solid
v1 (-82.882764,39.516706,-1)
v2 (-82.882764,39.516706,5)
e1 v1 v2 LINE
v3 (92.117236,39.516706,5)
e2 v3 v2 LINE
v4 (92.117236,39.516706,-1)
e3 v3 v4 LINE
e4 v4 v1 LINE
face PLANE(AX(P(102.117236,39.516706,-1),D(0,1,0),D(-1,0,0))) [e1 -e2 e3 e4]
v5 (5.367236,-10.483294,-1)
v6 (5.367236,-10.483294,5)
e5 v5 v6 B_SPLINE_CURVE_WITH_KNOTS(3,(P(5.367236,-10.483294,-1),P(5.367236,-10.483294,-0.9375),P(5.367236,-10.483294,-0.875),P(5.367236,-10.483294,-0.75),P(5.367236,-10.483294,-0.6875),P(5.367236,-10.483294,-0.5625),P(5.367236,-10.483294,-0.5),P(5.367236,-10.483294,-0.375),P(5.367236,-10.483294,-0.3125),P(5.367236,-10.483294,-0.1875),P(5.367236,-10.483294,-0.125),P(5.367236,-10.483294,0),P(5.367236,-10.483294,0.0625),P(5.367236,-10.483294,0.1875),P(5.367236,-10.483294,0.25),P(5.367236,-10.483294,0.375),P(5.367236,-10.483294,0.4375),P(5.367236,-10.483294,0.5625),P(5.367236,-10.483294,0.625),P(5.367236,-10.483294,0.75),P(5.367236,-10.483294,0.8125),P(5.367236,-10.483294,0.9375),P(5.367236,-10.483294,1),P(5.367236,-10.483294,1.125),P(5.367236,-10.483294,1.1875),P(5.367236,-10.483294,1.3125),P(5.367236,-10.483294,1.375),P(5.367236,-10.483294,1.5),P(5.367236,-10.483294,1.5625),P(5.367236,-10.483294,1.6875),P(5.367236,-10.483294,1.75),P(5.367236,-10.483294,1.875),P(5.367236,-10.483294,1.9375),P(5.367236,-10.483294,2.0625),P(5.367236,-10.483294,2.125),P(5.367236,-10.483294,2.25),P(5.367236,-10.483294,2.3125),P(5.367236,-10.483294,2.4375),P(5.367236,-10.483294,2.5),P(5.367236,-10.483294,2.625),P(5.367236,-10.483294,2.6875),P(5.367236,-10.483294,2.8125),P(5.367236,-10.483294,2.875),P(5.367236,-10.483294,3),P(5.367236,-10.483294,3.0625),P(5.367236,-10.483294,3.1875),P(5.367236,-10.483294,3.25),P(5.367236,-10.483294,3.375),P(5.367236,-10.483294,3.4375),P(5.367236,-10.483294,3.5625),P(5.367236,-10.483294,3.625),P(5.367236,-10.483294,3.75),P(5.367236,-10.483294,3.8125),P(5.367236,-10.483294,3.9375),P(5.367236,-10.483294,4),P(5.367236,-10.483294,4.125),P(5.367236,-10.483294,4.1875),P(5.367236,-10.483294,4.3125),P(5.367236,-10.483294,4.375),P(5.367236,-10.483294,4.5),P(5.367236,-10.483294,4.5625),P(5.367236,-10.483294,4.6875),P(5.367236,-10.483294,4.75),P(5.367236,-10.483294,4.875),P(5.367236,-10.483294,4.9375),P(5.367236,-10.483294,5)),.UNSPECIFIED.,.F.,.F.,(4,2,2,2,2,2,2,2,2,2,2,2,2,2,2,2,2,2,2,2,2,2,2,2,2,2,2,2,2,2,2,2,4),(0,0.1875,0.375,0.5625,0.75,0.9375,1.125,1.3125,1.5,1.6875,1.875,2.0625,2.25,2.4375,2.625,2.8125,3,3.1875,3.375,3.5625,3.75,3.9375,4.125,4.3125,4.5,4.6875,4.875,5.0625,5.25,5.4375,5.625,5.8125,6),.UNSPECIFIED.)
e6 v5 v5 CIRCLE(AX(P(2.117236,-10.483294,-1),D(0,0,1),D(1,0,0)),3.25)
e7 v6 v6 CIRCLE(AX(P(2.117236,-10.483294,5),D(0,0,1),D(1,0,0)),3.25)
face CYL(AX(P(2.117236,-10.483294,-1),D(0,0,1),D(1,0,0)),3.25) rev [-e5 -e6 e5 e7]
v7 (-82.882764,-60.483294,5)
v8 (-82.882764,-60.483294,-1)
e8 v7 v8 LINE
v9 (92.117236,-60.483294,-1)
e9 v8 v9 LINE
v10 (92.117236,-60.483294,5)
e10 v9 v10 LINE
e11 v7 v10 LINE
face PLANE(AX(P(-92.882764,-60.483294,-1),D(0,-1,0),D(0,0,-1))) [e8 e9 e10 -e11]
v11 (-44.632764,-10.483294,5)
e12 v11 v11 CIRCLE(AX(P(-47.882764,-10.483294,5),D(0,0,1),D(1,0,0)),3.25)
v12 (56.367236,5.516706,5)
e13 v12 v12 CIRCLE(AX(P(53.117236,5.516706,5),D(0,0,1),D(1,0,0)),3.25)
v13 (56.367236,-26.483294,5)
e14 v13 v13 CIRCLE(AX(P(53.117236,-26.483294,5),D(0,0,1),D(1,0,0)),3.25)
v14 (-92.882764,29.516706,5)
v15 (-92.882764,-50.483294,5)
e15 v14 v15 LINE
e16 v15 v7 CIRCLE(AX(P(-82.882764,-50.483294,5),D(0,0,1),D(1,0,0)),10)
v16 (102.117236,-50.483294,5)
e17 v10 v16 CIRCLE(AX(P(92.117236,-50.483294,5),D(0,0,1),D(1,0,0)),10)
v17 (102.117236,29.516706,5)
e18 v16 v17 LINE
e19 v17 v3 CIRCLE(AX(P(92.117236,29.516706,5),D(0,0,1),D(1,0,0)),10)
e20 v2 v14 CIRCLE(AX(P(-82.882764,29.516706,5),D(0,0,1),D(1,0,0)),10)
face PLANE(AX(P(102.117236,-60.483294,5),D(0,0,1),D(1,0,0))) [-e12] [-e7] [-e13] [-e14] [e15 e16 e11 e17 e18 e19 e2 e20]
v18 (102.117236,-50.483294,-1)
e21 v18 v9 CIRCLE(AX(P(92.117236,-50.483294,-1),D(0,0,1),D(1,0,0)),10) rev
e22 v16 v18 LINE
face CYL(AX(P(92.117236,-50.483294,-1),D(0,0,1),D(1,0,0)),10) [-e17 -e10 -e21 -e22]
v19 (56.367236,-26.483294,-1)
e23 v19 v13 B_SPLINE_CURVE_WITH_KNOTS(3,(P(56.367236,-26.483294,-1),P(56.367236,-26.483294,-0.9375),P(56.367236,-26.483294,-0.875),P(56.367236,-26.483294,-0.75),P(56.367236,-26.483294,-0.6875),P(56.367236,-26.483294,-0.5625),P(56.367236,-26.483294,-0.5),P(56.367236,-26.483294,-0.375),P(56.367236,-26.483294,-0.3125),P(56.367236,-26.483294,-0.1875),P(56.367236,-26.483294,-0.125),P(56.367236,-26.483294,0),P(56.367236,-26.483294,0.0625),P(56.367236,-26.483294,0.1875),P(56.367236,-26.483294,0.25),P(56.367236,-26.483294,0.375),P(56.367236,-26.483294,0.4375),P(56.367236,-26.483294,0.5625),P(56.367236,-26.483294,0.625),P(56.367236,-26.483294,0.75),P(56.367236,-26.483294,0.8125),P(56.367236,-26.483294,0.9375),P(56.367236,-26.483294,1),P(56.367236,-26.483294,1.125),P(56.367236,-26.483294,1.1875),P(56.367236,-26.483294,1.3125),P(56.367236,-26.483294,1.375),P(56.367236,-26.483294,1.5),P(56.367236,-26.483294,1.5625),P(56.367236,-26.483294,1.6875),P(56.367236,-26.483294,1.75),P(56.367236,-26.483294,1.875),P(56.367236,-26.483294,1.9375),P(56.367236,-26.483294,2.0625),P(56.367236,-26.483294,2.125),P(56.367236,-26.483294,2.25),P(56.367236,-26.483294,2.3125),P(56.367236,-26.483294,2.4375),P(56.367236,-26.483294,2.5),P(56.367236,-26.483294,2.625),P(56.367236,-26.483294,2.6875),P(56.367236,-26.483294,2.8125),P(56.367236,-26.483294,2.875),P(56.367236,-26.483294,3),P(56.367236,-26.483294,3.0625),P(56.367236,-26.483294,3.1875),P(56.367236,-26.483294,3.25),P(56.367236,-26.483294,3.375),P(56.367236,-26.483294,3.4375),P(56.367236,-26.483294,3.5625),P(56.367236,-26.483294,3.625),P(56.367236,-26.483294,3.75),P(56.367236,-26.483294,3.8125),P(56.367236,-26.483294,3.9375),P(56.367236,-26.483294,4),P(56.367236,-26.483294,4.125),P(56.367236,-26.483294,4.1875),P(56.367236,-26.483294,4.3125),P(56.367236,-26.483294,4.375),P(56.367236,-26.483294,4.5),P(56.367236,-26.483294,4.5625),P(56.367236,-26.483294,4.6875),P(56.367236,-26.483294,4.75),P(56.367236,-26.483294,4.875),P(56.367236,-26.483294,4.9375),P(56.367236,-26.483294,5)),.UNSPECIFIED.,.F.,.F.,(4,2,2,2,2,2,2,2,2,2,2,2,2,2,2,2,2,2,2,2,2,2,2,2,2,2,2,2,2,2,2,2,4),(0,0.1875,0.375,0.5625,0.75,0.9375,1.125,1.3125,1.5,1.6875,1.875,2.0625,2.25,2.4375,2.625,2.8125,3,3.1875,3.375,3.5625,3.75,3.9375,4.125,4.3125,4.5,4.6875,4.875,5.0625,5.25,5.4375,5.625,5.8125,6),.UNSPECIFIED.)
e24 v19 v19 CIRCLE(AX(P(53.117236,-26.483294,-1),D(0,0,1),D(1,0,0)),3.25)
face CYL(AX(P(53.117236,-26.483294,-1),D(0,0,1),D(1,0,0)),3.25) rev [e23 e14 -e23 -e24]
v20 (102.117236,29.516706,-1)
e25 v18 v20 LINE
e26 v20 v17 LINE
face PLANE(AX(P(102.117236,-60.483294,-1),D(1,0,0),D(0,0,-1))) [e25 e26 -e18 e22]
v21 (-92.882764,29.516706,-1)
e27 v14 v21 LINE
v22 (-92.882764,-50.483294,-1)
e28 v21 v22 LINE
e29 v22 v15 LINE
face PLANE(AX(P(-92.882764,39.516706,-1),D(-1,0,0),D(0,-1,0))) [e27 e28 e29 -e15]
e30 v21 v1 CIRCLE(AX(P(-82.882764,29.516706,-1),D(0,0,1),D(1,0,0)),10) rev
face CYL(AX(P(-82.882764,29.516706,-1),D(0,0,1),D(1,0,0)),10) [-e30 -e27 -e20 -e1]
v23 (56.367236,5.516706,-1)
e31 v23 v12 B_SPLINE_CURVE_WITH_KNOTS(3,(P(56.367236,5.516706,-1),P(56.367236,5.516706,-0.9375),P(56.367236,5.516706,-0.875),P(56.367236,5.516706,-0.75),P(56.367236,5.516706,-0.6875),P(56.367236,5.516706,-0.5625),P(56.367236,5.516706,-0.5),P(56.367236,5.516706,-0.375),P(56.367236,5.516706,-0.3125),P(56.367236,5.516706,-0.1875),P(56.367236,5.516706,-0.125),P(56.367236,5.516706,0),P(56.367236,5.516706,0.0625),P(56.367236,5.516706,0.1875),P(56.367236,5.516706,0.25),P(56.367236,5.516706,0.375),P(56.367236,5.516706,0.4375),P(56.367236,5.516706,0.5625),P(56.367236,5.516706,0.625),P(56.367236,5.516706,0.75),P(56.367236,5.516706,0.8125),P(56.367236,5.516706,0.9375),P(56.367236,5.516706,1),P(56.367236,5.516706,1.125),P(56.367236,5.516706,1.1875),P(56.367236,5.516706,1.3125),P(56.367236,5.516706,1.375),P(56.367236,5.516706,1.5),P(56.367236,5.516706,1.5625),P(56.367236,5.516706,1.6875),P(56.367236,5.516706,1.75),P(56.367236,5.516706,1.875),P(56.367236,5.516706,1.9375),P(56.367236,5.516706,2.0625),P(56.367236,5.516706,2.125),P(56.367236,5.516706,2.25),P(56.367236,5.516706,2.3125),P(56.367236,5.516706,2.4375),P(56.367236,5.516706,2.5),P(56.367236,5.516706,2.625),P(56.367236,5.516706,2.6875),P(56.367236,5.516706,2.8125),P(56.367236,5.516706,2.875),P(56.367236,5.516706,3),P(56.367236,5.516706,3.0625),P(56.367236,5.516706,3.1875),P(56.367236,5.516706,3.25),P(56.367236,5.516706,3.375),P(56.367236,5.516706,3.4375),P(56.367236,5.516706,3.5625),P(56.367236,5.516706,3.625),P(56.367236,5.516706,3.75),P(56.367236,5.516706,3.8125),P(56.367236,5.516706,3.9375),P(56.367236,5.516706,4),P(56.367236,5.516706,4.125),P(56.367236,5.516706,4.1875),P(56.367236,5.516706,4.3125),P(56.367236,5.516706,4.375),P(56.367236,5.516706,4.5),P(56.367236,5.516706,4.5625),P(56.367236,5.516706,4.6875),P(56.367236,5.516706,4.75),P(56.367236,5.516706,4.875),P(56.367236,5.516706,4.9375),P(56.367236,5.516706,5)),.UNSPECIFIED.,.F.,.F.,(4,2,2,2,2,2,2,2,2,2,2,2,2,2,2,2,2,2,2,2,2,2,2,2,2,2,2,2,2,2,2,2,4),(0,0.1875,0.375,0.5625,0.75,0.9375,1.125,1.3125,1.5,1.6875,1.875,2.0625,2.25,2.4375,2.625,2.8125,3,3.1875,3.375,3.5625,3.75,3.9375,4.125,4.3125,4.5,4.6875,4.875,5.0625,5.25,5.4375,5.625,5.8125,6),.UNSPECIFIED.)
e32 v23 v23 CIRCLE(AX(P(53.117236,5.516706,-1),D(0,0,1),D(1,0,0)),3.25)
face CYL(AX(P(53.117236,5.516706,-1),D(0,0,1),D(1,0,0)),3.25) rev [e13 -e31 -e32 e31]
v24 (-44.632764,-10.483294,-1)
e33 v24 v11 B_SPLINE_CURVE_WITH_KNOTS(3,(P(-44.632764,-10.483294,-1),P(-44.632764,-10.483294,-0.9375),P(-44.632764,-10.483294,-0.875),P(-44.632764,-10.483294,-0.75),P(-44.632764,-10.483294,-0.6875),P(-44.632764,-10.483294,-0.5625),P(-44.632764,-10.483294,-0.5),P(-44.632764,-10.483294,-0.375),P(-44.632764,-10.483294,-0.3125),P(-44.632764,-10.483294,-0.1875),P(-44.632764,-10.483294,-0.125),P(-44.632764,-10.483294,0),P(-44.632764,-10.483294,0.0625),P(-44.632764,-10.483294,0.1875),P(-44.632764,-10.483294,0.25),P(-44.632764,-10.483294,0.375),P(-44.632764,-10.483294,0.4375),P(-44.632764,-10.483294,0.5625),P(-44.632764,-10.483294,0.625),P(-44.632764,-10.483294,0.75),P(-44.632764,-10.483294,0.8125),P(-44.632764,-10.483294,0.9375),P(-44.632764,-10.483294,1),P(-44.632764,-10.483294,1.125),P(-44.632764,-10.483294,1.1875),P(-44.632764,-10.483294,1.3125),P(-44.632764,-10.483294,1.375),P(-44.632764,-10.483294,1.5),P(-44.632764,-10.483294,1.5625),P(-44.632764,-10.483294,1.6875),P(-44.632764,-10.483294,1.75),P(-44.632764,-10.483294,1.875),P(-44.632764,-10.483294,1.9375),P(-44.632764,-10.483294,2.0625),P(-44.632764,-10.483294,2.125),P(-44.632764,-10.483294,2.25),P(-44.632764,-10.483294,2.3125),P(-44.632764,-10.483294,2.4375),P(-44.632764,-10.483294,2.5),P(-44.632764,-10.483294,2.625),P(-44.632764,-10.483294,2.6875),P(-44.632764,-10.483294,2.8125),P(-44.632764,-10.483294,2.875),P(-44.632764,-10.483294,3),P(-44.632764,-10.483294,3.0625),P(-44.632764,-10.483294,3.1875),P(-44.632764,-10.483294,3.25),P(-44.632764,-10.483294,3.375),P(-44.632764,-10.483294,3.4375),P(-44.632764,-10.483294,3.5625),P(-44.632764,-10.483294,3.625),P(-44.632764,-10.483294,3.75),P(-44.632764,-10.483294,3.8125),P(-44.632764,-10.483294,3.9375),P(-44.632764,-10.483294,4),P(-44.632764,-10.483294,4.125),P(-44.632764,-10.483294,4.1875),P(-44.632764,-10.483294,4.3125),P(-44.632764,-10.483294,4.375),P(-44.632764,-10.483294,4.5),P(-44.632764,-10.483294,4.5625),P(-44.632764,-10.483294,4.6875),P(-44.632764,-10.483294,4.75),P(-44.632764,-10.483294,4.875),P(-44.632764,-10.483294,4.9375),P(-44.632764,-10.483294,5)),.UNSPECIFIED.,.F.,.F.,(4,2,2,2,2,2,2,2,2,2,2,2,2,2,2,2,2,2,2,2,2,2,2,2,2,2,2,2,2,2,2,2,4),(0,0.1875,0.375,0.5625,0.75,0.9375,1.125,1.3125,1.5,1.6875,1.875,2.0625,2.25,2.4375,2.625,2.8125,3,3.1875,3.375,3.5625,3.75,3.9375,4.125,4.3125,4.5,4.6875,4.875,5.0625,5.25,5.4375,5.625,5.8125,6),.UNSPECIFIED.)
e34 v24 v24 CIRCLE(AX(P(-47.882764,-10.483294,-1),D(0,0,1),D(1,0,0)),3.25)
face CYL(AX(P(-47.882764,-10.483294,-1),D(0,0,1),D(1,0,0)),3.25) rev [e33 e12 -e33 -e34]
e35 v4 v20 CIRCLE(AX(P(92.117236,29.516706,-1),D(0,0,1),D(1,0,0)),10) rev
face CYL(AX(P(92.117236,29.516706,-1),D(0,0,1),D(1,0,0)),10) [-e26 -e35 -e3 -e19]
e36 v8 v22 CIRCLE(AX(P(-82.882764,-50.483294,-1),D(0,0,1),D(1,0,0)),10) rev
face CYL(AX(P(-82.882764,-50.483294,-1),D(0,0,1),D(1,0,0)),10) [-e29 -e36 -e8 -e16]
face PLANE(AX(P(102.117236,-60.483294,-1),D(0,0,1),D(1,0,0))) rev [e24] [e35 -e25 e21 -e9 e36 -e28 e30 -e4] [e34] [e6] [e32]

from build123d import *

# Parameters (mm, degrees)
SKETCH1_W           = 195
SKETCH1_H           = 100
SKETCH1_R           = 3.25
BOSS_EXTRUDE1_DEPTH = 6
FILLET1_R           = 10


with BuildPart() as part:
    # Sketch1 → Boss-Extrude1 (new body)
    with BuildSketch(Plane.XY.offset(5)):
        with Locations((4.617235872, -10.483294202)):
            Rectangle(SKETCH1_W, SKETCH1_H)
        with Locations((53.117235872, 5.516705798)):
            Circle(SKETCH1_R, mode=Mode.SUBTRACT)
        with Locations((53.117235872, -26.483294202)):
            Circle(SKETCH1_R, mode=Mode.SUBTRACT)
        with Locations((2.117235872, -10.483294202)):
            Circle(SKETCH1_R, mode=Mode.SUBTRACT)
        with Locations((-47.882764128, -10.483294202)):
            Circle(SKETCH1_R, mode=Mode.SUBTRACT)
    extrude(amount=-BOSS_EXTRUDE1_DEPTH)

    # Fillet1
    fillet1_edges = [part.edges().sort_by_distance(p)[0] for p in [
        (-92.882764128, -60.483294202, 2),
        (-92.882764128, 39.516705798, 2),
        (102.117235872, 39.516705798, 2),
        (102.117235872, -60.483294202, 2),
    ]]
    fillet(fillet1_edges, radius=FILLET1_R)


solid = part.part
